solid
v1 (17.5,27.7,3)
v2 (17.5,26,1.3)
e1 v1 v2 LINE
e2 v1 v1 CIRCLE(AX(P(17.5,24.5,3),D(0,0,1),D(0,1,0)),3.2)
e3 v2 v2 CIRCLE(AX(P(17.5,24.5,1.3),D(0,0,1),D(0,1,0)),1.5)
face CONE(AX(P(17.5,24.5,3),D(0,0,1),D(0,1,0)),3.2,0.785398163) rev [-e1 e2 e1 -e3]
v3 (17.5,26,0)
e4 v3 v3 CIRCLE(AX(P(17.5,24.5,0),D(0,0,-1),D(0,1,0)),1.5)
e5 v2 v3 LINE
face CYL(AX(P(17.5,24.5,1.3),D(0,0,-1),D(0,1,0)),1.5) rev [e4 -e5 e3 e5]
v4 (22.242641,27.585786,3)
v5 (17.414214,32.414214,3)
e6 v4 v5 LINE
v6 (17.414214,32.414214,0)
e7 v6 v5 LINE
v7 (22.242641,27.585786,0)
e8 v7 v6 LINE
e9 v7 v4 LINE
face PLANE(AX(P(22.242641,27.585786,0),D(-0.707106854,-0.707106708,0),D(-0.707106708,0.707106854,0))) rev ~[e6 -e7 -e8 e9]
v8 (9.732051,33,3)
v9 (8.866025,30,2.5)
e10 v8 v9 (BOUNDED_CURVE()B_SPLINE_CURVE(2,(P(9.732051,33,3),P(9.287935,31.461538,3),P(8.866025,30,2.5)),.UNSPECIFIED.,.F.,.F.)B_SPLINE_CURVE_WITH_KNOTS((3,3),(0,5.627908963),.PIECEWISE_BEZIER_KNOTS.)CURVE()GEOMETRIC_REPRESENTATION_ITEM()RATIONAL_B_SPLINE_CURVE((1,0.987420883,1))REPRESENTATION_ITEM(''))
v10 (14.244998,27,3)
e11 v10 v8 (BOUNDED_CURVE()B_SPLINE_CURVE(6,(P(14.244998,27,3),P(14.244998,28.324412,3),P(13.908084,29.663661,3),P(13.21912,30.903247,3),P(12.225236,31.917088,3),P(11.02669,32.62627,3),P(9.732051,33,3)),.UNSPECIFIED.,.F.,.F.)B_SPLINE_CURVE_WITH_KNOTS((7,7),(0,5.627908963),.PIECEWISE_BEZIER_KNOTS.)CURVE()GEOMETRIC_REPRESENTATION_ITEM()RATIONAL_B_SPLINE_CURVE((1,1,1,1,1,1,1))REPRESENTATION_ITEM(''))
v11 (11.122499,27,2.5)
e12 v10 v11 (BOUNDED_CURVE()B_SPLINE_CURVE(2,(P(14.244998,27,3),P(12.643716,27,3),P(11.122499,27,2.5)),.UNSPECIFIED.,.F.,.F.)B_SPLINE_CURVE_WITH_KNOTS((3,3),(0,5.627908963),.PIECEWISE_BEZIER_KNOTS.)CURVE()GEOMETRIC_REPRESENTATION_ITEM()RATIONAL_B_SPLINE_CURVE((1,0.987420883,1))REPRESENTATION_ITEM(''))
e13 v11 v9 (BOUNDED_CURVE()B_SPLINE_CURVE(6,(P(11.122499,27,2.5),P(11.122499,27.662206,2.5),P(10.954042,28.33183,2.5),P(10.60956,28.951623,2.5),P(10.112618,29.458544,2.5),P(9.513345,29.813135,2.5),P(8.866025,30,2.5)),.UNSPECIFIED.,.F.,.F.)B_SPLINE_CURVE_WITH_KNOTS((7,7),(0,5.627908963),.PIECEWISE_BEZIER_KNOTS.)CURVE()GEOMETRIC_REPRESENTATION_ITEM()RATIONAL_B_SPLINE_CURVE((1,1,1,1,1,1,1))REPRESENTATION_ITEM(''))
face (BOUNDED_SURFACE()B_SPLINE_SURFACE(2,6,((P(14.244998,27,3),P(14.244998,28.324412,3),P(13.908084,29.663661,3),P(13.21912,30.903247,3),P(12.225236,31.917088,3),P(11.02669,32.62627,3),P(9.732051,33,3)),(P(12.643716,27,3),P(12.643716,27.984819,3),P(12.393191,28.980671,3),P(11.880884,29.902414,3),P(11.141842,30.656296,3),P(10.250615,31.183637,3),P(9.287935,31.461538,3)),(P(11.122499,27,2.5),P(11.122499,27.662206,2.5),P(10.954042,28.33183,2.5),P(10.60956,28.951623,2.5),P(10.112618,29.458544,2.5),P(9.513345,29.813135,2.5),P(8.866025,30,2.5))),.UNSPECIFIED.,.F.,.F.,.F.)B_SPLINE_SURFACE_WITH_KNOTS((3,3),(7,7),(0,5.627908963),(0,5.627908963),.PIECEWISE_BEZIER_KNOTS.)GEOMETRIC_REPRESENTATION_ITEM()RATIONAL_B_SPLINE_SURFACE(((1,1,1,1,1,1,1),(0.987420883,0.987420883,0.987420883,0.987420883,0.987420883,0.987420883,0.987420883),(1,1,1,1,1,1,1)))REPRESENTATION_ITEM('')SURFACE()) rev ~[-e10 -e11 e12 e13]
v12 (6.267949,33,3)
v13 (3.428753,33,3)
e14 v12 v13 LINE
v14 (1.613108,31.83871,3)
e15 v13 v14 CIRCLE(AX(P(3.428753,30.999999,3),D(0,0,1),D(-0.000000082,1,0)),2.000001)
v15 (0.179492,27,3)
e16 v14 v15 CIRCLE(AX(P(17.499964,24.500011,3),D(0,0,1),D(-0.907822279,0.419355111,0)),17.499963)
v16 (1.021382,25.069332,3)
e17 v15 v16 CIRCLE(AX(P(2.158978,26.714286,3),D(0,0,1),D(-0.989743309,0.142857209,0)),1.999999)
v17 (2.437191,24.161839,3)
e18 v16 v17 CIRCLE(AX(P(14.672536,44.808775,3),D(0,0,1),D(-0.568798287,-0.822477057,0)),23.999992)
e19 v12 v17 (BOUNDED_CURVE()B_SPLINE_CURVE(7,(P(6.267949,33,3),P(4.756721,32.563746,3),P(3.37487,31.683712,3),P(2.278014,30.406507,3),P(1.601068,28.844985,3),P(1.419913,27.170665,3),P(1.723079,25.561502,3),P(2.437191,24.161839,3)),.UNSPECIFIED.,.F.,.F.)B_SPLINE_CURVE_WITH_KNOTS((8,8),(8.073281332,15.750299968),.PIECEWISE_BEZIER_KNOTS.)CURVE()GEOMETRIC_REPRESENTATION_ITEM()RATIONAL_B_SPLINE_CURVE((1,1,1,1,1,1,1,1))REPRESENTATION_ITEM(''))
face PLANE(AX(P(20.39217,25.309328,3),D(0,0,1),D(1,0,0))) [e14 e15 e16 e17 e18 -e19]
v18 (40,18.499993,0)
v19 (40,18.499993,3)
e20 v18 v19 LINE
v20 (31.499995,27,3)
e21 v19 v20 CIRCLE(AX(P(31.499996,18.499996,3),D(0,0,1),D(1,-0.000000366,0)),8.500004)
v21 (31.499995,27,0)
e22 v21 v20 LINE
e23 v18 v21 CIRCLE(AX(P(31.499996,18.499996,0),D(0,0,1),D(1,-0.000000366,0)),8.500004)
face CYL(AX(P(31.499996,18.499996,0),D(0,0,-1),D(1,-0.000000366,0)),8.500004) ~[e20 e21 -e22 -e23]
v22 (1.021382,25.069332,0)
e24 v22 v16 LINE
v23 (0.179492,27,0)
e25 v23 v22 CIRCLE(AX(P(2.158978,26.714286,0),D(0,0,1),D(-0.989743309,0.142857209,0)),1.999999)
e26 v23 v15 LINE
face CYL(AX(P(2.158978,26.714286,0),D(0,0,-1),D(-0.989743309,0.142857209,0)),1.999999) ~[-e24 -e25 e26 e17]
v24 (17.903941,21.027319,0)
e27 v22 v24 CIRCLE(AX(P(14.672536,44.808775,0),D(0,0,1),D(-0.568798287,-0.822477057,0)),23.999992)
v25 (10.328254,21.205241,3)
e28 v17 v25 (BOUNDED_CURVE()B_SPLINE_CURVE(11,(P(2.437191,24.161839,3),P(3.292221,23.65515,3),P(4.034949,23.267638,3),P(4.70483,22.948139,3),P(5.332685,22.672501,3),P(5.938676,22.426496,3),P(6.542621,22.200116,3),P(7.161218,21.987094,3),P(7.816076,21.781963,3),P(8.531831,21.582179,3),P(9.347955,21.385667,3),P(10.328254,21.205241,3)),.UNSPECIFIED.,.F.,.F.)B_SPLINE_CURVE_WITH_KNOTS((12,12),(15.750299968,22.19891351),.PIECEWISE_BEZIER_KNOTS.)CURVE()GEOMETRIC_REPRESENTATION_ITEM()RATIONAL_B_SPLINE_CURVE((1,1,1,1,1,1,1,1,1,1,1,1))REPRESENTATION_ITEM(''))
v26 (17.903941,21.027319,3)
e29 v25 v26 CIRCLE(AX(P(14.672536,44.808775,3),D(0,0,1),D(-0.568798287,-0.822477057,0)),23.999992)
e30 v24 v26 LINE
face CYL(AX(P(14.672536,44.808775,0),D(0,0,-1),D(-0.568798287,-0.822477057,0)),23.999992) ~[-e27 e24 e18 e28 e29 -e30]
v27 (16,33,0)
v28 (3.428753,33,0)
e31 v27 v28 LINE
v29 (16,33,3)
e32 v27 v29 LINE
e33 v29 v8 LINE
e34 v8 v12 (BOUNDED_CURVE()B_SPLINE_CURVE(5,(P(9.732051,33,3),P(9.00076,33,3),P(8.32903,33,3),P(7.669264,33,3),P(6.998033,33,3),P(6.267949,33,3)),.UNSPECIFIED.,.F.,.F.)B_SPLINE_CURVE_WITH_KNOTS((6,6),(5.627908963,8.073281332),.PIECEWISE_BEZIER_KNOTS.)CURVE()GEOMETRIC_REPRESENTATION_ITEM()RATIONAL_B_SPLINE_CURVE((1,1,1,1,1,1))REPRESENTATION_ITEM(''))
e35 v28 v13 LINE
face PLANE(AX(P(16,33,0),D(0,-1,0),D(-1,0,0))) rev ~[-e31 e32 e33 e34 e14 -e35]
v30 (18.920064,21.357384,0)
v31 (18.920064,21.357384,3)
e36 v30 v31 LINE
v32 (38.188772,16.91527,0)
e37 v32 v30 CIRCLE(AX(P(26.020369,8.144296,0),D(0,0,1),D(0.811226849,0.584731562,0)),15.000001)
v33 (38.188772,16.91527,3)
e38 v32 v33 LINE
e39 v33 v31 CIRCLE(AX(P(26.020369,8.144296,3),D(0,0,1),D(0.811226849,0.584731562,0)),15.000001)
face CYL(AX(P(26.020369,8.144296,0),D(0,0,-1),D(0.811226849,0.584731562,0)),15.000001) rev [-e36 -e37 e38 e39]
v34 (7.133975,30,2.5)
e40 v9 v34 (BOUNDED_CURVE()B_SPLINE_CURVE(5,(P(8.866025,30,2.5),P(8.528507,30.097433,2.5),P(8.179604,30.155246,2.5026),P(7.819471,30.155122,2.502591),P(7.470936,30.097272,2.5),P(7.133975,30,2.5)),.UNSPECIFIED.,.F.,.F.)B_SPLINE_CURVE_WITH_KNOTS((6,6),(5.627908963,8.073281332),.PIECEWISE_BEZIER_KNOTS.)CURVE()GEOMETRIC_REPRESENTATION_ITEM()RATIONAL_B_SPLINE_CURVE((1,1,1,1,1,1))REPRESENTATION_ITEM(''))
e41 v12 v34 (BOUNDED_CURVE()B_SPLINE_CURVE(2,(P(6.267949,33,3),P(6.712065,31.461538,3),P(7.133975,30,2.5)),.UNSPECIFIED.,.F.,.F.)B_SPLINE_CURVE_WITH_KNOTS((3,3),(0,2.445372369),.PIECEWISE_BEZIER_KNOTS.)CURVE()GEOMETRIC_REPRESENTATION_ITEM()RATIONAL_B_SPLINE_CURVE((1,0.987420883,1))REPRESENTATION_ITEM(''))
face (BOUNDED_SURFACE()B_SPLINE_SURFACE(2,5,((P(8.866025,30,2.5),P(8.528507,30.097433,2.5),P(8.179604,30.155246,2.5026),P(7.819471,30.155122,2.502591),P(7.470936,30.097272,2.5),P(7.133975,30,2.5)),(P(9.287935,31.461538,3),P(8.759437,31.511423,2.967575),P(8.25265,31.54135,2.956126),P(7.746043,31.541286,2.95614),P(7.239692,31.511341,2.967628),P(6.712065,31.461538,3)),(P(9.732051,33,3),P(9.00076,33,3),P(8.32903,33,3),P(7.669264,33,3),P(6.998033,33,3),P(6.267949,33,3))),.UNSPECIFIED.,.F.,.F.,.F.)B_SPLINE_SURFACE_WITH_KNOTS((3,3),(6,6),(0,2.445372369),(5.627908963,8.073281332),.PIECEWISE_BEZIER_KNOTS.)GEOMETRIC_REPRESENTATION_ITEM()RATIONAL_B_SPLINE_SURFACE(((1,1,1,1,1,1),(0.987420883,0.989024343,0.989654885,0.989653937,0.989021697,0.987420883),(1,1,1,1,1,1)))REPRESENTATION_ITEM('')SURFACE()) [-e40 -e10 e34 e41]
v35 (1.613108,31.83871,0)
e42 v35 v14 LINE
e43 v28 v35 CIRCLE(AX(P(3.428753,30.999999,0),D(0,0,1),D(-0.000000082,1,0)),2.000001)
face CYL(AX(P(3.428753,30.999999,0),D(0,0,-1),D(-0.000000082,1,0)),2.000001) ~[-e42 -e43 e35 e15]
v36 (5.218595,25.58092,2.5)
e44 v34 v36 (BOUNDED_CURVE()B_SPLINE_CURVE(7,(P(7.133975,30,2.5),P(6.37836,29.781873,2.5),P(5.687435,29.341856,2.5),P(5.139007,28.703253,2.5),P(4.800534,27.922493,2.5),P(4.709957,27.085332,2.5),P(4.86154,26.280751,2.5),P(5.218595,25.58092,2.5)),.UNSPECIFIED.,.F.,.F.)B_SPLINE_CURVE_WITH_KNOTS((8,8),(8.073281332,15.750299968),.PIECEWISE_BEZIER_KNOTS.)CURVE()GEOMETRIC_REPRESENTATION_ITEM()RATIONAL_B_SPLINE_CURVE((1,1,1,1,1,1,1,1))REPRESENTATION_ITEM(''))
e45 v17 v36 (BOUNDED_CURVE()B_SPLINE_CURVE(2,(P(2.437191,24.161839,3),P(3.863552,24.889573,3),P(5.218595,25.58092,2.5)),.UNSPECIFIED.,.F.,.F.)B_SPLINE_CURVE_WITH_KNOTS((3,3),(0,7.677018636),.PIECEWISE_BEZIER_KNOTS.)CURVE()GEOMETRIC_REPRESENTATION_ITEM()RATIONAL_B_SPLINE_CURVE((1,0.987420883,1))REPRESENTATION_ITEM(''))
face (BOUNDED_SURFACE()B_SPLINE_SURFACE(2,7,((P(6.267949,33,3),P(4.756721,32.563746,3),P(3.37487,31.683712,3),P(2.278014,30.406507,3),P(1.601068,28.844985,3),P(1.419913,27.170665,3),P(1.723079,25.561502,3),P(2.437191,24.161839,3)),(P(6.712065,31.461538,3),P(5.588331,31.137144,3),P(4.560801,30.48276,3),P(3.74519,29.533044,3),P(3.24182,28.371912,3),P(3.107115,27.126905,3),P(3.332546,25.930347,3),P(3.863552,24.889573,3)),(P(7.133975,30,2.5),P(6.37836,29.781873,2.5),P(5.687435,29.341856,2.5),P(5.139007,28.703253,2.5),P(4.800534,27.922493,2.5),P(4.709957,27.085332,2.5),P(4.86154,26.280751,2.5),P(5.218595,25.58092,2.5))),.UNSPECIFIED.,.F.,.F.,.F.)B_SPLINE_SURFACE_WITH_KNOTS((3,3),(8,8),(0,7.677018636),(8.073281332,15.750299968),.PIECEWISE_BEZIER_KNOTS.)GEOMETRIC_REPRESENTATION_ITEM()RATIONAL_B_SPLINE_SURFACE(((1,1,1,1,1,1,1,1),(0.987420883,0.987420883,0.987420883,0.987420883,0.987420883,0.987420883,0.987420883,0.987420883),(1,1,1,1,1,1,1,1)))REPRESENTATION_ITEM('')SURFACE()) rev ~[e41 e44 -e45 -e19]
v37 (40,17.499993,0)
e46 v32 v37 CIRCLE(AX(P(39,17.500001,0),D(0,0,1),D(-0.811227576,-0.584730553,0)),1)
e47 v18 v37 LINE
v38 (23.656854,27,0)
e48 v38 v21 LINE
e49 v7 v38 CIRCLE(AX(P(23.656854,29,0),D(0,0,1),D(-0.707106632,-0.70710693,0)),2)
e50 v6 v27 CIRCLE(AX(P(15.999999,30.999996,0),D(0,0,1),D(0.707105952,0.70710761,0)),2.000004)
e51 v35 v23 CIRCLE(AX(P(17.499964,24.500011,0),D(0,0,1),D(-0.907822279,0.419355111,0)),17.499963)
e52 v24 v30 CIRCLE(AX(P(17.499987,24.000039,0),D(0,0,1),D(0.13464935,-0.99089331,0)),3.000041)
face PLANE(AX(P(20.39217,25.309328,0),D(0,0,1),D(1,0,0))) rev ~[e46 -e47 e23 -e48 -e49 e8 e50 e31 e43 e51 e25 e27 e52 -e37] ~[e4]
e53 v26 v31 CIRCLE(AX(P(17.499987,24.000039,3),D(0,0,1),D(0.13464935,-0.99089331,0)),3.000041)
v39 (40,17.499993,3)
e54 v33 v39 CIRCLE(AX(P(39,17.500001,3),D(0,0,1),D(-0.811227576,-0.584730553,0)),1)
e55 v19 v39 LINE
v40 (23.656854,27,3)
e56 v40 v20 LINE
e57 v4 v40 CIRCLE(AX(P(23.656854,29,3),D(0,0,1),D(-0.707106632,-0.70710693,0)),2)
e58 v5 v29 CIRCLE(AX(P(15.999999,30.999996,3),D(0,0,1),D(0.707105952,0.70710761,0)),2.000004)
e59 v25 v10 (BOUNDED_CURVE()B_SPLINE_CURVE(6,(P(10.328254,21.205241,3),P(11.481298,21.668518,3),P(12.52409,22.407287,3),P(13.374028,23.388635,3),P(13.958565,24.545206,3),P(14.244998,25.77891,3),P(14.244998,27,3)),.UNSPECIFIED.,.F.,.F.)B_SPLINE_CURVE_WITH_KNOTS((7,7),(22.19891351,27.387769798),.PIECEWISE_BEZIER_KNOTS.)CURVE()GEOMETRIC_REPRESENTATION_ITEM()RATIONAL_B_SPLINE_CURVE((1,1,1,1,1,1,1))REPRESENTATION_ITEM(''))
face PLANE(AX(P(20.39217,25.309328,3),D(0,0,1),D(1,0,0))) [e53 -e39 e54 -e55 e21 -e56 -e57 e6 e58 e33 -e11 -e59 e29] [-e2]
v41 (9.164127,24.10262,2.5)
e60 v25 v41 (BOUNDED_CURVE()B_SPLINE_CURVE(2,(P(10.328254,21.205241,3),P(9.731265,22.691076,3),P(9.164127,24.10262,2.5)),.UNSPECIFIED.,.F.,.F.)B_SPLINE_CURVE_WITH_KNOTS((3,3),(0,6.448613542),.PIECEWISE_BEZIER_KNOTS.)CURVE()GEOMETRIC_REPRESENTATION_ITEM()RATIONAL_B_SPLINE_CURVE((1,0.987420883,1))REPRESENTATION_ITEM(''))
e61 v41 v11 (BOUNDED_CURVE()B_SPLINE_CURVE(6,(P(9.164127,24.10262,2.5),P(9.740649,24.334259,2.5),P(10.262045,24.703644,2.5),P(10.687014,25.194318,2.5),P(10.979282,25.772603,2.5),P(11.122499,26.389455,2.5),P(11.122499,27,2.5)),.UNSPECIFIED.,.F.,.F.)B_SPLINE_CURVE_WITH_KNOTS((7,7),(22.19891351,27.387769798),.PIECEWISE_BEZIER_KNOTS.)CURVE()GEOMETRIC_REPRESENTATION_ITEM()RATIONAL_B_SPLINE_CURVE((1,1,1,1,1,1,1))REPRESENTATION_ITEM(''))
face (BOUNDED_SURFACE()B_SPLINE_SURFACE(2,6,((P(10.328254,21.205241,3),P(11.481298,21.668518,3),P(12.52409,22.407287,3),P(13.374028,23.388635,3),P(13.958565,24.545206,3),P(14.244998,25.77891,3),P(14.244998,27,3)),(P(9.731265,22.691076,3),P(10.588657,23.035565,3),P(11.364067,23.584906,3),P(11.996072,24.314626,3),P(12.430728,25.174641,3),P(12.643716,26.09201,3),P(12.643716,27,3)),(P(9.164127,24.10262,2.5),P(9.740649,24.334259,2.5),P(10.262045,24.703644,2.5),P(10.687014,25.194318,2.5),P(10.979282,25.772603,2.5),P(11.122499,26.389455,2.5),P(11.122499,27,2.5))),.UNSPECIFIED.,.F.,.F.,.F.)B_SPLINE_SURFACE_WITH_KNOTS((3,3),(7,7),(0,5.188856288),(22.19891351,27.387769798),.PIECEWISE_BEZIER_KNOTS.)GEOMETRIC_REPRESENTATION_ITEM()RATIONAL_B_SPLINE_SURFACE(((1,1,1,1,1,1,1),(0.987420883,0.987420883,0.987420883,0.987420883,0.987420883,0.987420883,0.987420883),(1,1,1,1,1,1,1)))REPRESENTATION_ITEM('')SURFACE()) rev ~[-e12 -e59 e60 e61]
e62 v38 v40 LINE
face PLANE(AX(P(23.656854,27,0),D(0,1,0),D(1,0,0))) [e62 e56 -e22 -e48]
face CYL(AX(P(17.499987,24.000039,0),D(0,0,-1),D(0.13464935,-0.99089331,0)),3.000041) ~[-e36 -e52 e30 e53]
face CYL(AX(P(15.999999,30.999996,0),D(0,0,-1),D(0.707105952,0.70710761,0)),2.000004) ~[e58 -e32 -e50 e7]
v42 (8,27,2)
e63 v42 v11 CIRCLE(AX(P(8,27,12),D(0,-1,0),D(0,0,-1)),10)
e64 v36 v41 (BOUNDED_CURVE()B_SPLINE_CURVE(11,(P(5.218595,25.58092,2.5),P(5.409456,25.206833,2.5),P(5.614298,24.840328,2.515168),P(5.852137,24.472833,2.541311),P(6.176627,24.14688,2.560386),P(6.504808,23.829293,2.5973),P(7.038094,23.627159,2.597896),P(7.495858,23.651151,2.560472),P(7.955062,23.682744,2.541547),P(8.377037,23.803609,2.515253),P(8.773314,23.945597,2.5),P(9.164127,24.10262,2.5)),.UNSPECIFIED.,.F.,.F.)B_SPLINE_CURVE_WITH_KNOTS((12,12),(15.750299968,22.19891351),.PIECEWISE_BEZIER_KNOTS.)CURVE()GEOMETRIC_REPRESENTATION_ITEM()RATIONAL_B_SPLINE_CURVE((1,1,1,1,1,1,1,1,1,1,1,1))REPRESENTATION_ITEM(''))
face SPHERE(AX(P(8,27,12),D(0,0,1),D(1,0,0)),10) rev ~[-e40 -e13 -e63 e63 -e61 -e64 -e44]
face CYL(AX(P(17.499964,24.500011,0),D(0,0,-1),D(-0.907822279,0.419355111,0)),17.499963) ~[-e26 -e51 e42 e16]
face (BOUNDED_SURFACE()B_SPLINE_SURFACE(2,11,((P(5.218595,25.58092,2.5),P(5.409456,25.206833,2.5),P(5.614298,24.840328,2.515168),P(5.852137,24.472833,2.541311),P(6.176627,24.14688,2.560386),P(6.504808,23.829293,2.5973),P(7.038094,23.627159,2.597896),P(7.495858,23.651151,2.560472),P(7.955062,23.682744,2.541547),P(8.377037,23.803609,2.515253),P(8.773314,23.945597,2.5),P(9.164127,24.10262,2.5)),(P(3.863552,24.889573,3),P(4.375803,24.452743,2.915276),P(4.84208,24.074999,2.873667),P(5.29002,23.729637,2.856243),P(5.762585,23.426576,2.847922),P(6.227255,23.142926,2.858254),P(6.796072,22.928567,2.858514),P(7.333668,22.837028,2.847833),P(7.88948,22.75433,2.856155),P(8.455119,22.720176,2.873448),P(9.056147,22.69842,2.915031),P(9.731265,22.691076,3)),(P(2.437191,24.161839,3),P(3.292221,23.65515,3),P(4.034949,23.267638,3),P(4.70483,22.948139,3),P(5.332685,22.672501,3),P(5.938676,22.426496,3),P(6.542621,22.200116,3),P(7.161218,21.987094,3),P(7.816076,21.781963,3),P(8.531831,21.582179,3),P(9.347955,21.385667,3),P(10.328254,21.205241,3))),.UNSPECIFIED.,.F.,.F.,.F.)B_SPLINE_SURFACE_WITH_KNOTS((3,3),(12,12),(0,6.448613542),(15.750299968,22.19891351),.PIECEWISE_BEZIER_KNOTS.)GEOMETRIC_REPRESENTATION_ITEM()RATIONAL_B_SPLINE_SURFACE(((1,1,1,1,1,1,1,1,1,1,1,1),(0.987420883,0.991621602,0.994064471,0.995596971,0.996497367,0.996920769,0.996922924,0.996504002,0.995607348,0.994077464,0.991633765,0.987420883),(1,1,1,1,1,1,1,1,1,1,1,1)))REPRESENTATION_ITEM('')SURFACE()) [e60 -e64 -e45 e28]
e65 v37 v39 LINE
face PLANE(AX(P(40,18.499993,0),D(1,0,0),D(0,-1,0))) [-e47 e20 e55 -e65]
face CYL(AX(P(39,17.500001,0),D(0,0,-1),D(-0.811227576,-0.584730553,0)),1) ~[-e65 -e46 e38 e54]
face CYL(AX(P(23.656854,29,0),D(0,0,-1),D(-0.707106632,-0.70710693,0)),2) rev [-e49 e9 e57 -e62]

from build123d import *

# Parameters (mm, degrees)
PAD003_DEPTH = 3
FILLET_R     = 10


with BuildPart() as sphere:
    # Sphere → Sphere (revolve)
    with BuildSketch(Plane(origin=(8, 27, 12), x_dir=(1, 0, 0), z_dir=(0, -1, 0))):
        with BuildLine():
            ThreePointArc((0, -10), (10, 0), (0, 10))
            Line((0, 10), (0, -10))
        make_face()
    revolve(axis=Axis((8, 27, 12), (0, 0, 1)))


with BuildPart() as clone_of_countersunk002:
    # Sketch007 → Revolution001 (revolve)
    with BuildSketch(Plane.YZ):
        Polygon((3.2, 0), (1.5, -1.7), (1.5, -10), (0, -10), (0, 0), align=None)
    revolve(axis=Axis((0, 0, 0), (0, 0, 1)))


with BuildPart() as clone_of_countersunk002_1:
    # Clone005 placement: moved
    add(clone_of_countersunk002.part.moved(Location((17.5, 24.5, 3))))


with BuildPart() as samplefix:
    # Sketch → Pad003 (new body)
    with BuildSketch(Plane.XY):
        with BuildLine():
            ThreePointArc((17.903941, 21.027319), (18.426814, 21.146754), (18.920064, 21.357384))
            ThreePointArc((38.188772, 16.91527), (29.390013, 22.760914), (18.920064, 21.357384))
            ThreePointArc((38.188772, 16.91527), (39.30722, 16.548362), (40, 17.499993))
            Line((40, 18.499993), (40, 17.499993))
            ThreePointArc((40, 18.499993), (37.510407, 24.510406), (31.499995, 27))
            Line((23.656854, 27), (31.499995, 27))
            ThreePointArc((22.242641, 27.585786), (22.891487, 27.152241), (23.656854, 27))
            Line((22.242641, 27.585786), (17.414214, 32.414214))
            ThreePointArc((17.414214, 32.414214), (16.765367, 32.847759), (16, 33))
            Line((16, 33), (3.428753, 33))
            ThreePointArc((3.428753, 33), (2.351121, 32.684847), (1.613108, 31.83871))
            ThreePointArc((1.613108, 31.83871), (0.720961, 29.471304), (0.179492, 27))
            ThreePointArc((0.179492, 27), (0.325697, 25.914862), (1.021382, 25.069332))
            ThreePointArc((1.021382, 25.069332), (9.0844, 21.468416), (17.903941, 21.027319))
        make_face()
    extrude(amount=PAD003_DEPTH)

    # Cut003: cut Clone of Countersunk002
    add(clone_of_countersunk002_1.part, mode=Mode.SUBTRACT)

    # Cut004: cut Sphere
    add(sphere.part, mode=Mode.SUBTRACT)

    # Fillet
    fillet_edges = [samplefix.edges().sort_by_distance(p)[0] for p in [
        (3.641101, 27, 3),
    ]]
    fillet(fillet_edges, radius=FILLET_R)


solid = samplefix.part
